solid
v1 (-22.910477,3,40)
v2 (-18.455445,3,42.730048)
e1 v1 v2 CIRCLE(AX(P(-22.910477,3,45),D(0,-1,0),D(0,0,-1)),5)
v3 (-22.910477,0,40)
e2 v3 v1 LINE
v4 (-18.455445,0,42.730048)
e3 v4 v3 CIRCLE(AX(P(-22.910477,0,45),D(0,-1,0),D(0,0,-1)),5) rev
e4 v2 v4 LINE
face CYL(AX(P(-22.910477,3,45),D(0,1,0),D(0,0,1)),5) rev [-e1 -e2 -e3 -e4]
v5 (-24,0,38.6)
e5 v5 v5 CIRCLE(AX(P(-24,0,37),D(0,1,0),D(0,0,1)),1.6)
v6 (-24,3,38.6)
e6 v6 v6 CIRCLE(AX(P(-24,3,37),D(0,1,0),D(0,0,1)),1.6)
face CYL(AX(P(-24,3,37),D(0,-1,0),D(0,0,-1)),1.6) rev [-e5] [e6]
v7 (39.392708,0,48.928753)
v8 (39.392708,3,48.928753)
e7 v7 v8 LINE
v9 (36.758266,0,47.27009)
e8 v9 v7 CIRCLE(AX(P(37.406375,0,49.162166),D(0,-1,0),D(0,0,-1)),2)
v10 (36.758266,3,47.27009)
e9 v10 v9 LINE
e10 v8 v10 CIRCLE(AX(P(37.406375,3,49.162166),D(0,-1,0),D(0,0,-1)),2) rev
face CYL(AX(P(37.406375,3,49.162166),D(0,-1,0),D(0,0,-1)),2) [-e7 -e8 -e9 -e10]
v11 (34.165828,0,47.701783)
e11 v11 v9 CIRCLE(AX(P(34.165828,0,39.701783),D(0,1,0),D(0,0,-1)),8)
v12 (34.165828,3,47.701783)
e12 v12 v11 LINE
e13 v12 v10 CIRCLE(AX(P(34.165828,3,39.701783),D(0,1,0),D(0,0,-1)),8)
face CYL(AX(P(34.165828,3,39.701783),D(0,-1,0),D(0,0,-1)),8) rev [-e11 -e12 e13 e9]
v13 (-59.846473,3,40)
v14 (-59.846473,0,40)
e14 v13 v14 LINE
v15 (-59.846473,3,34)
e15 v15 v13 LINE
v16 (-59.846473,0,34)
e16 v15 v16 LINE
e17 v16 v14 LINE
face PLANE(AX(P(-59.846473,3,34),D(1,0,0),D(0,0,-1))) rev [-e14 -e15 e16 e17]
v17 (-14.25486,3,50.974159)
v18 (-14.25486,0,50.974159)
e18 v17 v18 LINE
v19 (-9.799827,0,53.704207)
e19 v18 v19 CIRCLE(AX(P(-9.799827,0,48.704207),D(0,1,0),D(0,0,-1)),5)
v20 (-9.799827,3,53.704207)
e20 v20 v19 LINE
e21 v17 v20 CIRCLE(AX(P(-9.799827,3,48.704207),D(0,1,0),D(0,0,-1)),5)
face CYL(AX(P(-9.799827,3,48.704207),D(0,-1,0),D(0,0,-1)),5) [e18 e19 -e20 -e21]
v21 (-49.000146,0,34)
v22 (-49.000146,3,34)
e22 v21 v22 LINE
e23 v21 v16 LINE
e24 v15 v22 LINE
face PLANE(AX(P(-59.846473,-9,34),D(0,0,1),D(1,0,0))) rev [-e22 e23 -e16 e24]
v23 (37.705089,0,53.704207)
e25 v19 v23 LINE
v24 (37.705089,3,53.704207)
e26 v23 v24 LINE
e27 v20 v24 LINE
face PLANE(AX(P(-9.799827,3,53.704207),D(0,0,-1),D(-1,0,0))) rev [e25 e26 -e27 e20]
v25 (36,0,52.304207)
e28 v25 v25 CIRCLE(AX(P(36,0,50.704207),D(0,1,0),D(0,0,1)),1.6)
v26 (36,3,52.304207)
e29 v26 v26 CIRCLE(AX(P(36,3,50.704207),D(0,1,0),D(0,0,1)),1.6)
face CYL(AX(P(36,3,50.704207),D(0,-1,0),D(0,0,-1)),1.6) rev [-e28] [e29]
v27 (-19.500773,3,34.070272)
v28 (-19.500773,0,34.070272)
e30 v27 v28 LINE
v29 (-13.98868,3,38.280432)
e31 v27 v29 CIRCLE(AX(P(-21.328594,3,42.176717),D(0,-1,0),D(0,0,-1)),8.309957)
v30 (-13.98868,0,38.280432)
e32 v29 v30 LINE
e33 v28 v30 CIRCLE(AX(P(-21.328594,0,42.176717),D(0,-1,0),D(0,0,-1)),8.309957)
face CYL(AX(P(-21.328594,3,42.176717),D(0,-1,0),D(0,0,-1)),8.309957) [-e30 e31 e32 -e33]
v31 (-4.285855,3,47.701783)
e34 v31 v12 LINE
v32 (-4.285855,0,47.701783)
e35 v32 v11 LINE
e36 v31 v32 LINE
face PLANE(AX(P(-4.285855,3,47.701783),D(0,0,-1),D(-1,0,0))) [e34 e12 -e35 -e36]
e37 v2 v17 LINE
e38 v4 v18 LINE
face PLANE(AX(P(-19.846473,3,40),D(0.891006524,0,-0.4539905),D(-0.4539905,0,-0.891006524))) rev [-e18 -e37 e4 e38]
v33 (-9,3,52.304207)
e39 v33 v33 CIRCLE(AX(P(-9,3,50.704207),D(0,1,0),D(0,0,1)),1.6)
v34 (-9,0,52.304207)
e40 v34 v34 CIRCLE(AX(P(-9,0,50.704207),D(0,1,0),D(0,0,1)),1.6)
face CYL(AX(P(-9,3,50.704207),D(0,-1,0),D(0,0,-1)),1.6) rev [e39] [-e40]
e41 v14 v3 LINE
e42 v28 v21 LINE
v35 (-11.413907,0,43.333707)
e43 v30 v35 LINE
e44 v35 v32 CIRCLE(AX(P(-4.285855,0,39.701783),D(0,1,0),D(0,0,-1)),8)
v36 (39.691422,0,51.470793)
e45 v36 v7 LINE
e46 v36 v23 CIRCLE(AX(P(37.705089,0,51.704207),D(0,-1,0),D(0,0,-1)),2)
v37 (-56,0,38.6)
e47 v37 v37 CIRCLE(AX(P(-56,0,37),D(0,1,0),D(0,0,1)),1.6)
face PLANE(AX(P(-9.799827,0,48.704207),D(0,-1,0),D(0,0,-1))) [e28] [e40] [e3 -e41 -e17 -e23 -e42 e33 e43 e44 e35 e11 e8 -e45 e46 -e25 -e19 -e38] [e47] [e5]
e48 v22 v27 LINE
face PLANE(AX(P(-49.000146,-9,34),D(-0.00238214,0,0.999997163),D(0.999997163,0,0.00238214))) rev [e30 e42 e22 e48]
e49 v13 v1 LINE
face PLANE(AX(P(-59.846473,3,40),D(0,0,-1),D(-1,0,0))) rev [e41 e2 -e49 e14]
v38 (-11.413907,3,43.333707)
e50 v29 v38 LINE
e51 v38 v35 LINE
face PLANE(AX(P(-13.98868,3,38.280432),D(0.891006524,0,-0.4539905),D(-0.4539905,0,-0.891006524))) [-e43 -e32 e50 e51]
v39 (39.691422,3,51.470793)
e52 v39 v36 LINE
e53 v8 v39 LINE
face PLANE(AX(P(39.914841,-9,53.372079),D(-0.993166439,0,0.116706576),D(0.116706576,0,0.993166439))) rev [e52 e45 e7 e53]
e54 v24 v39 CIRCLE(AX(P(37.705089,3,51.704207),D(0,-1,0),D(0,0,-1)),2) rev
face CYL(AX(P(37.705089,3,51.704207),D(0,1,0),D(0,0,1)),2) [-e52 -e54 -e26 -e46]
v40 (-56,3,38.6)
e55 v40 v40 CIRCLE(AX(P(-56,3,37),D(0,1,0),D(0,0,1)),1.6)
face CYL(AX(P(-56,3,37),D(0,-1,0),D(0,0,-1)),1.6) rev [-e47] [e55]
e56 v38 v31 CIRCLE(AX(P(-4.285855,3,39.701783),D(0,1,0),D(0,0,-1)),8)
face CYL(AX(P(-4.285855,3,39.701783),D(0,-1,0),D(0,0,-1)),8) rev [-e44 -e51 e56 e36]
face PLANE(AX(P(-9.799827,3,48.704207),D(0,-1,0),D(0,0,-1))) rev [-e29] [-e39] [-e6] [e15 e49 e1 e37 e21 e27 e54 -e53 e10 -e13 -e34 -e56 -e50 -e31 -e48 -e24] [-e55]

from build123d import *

# Parameters (mm, degrees)
SKETCH_1_R          = 1.6
SKETCH_1_R_2        = 1
SKETCH_1_W          = 24
SKETCH_1_H          = 13
EXTRUDE_1_DEPTH     = 3
SKETCH_2_R          = 1.6
SKETCH_2_W          = 24
SKETCH_2_H          = 10
EXTRUDE_2_DEPTH     = 9
SKETCH_3_R          = 6
CUT_EXTRUDE_1_DEPTH = 20
SKETCH_4_R          = 4
CUT_EXTRUDE_2_DEPTH = 72.704206567
SKETCH_6_R          = 5.6
CUT_EXTRUDE_3_DEPTH = 5
SKETCH_7_R          = 5.6
CUT_EXTRUDE_4_DEPTH = 6
FILLET_5_R          = 5
FILLET_6_R          = 5
CUT_EXTRUDE1_DEPTH  = 13.0000001
FILLET1_R           = 2


with BuildPart() as part:
    # Эскиз1 → Бобышка-Вытянуть1 (new body)
    with BuildSketch(Plane(origin=(0, 0, 0), x_dir=(1, 0, 0), z_dir=(0, 1, 0))):
        with BuildLine():
            Line((-59.846473334, -34), (-49.887758312, 18))
            Line((-49.887758312, 18), (36.612736258, 18))
            Line((36.612736258, 18), (75.112241688, 5.920216985))
            Line((75.112241688, 5.920216985), (75.112241688, -16.079783015))
            Line((75.112241688, -16.079783015), (41.245672077, -52.430849732))
            ThreePointArc((41.245672077, -52.430849732), (39.914841322, -53.372078747), (38.318998701, -53.704206567))
            Line((38.318998701, -53.704206567), (-9.799827382, -53.704206567))
            ThreePointArc((-9.799827382, -53.704206567), (-12.412320205, -52.967407389), (-14.254860003, -50.974159066))
            Line((-14.254860003, -50.974159066), (-19.846473334, -40))
            Line((-19.846473334, -40), (-59.846473334, -40))
            Line((-59.846473334, -40), (-59.846473334, -34))
        make_face()
        with Locations((-8, 14)):
            Circle(SKETCH_1_R, mode=Mode.SUBTRACT)
        with Locations((8, 14)):
            Circle(SKETCH_1_R, mode=Mode.SUBTRACT)
        with Locations((-8, -16)):
            Circle(SKETCH_1_R, mode=Mode.SUBTRACT)
        with Locations((8, -16)):
            Circle(SKETCH_1_R, mode=Mode.SUBTRACT)
        with Locations((-47, 14)):
            Circle(SKETCH_1_R, mode=Mode.SUBTRACT)
        with Locations((70, 2)):
            Circle(SKETCH_1_R, mode=Mode.SUBTRACT)
        with Locations((50, 2)):
            Circle(SKETCH_1_R, mode=Mode.SUBTRACT)
        with Locations((18, 14)):
            Circle(SKETCH_1_R, mode=Mode.SUBTRACT)
        with Locations((-47, -16)):
            Circle(SKETCH_1_R, mode=Mode.SUBTRACT)
        with Locations((-56, -37)):
            Circle(SKETCH_1_R, mode=Mode.SUBTRACT)
        with Locations((-24, -37)):
            Circle(SKETCH_1_R, mode=Mode.SUBTRACT)
        with Locations((50, -16)):
            Circle(SKETCH_1_R, mode=Mode.SUBTRACT)
        with Locations((70, -16)):
            Circle(SKETCH_1_R, mode=Mode.SUBTRACT)
        with Locations((-9, -50.704206567)):
            Circle(SKETCH_1_R, mode=Mode.SUBTRACT)
        with Locations((36, -50.704206567)):
            Circle(SKETCH_1_R, mode=Mode.SUBTRACT)
        with Locations((60, -7)):
            Circle(SKETCH_1_R, mode=Mode.SUBTRACT)
        with Locations((-42, -8)):
            Circle(SKETCH_1_R_2, mode=Mode.SUBTRACT)
        with Locations((-14, -8)):
            Circle(SKETCH_1_R_2, mode=Mode.SUBTRACT)
        with Locations((-42, 8)):
            Circle(SKETCH_1_R_2, mode=Mode.SUBTRACT)
        with Locations((-14, 8)):
            Circle(SKETCH_1_R_2, mode=Mode.SUBTRACT)
        with Locations((14, 0)):
            Circle(SKETCH_1_R_2, mode=Mode.SUBTRACT)
        with Locations((42, 0)):
            Circle(SKETCH_1_R_2, mode=Mode.SUBTRACT)
        with Locations((28, 0)):
            Rectangle(SKETCH_1_W, SKETCH_1_H, mode=Mode.SUBTRACT)
        with Locations((-28, 8)):
            Rectangle(SKETCH_1_W, SKETCH_1_H, mode=Mode.SUBTRACT)
        with Locations((-28, -8)):
            Rectangle(SKETCH_1_W, SKETCH_1_H, mode=Mode.SUBTRACT)
        with BuildLine():
            Line((-47.677053254, -24.900709984), (-49.000145857, -34))
            Line((-49.000145857, -34), (-22.297676486, -34))
            Line((-22.297676486, -34), (-19.846473334, -34))
            ThreePointArc((-19.846473334, -34), (-16.425778662, -35.467187694), (-13.988679802, -38.280431537))
            Line((-13.988679802, -38.280431537), (-11.413907263, -43.333707171))
            ThreePointArc((-11.413907263, -43.333707171), (-8.465843587, -46.522904488), (-4.28585507, -47.701783173))
            Line((-4.28585507, -47.701783173), (34.165827616, -47.701783173))
            ThreePointArc((34.165827616, -47.701783173), (37.877016972, -46.788889321), (40.741225842, -44.258551563))
            Line((40.741225842, -44.258551563), (51.02606102, -29.417576293))
            ThreePointArc((51.02606102, -29.417576293), (51.409841961, -23.216607983), (46.09451235, -20))
            Line((46.09451235, -20), (-41.778616049, -20))
            ThreePointArc((-41.778616049, -20), (-45.612951708, -21.385038456), (-47.677053254, -24.900709984))
        make_face(mode=Mode.SUBTRACT)
    extrude(amount=EXTRUDE_1_DEPTH)

    # Эскиз2 → Бобышка-Вытянуть2 (add)
    with BuildSketch(Plane(origin=(0, 0, 0), x_dir=(1, 0, 0), z_dir=(0, 1, 0))):
        Polygon((46.101706289, 15.022696844), (46.09451235, -20), (71.459960933, -20), (75.112241688, -16.079783015), (75.112241688, 5.920216985), align=None)
        with Locations((50, 2)):
            Circle(SKETCH_2_R, mode=Mode.SUBTRACT)
        with Locations((70, 2)):
            Circle(SKETCH_2_R, mode=Mode.SUBTRACT)
        with Locations((70, -16)):
            Circle(SKETCH_2_R, mode=Mode.SUBTRACT)
        with Locations((50, -16)):
            Circle(SKETCH_2_R, mode=Mode.SUBTRACT)
        with Locations((60, -7)):
            Circle(SKETCH_2_R, mode=Mode.SUBTRACT)
        with Locations((0, 13)):
            Rectangle(SKETCH_2_W, SKETCH_2_H)
        with Locations((-8, 14)):
            Circle(SKETCH_2_R, mode=Mode.SUBTRACT)
        with Locations((8, 14)):
            Circle(SKETCH_2_R, mode=Mode.SUBTRACT)
        with Locations((0, -14.961092538)):
            Rectangle(SKETCH_2_W, SKETCH_2_H)
        with Locations((-8, -16)):
            Circle(SKETCH_2_R, mode=Mode.SUBTRACT)
        with Locations((8, -16)):
            Circle(SKETCH_2_R, mode=Mode.SUBTRACT)
    extrude(amount=-EXTRUDE_2_DEPTH)

    # Эскиз3 → Вырез-Вытянуть1 (cut)
    with BuildSketch(Plane(origin=(75.112241688, 0, 0), x_dir=(0, 0, -1), z_dir=(1, 0, 0))):
        with Locations((-7.384625177, -9)):
            Circle(SKETCH_3_R)
    extrude(amount=-CUT_EXTRUDE_1_DEPTH, mode=Mode.SUBTRACT)

    # Эскиз4 → Вырез-Вытянуть2 (cut, through all)
    with BuildSketch(Plane(origin=(0, 0, -18), x_dir=(-1, 0, 0), z_dir=(0, 0, -1))):
        with Locations((0, -9)):
            Circle(SKETCH_4_R)
    extrude(amount=-CUT_EXTRUDE_2_DEPTH, mode=Mode.SUBTRACT)

    # Эскиз6 → Вырез-Вытянуть3 (cut)
    with BuildSketch(Plane(origin=(0, 0, -18), x_dir=(-1, 0, 0), z_dir=(0, 0, -1))):
        with Locations((0, -9)):
            Circle(SKETCH_6_R)
    extrude(amount=-CUT_EXTRUDE_3_DEPTH, mode=Mode.SUBTRACT)

    # Эскиз7 → Вырез-Вытянуть4 (cut)
    with BuildSketch(Plane.XY.offset(19.961092538)):
        with Locations((0, -9)):
            Circle(SKETCH_7_R)
    extrude(amount=-CUT_EXTRUDE_4_DEPTH, mode=Mode.SUBTRACT)

    # Скругление5
    fillet_5_edges = [part.edges().sort_by_distance(p)[0] for p in [
        (-49.887758312, 1.5, -18),
    ]]
    fillet(fillet_5_edges, radius=FILLET_5_R)

    # Скругление6
    fillet_6_edges = [part.edges().sort_by_distance(p)[0] for p in [
        (-19.846473334, 1.5, 40),
    ]]
    fillet(fillet_6_edges, radius=FILLET_6_R)

    # Sketch1 → Cut-Extrude1 (cut, through all)
    with BuildSketch(Plane(origin=(0, 3, 0), x_dir=(1, 0, 0), z_dir=(0, 1, 0))):
        with BuildLine():
            Line((-59.846473334, -34), (-49.000145857, -34))
            Line((-49.000145857, -34), (39.05274243, -34.20975492))
            Line((39.05274243, -34.20975492), (39.05274243, -46.035665363))
            Line((39.05274243, -46.035665363), (39.914841322, -53.372078747))
            ThreePointArc((39.914841322, -53.372078747), (27.574901916, 149.639179971), (-59.846473334, -34))
        make_face()
    extrude(amount=-CUT_EXTRUDE1_DEPTH, mode=Mode.SUBTRACT)

    # Fillet1
    fillet1_edges = [part.edges().sort_by_distance(p)[0] for p in [
        (39.914841322, 1.5, 53.372078747),
        (39.05274243, 1.5, 46.035665363),
    ]]
    fillet(fillet1_edges, radius=FILLET1_R)


solid = part.part
